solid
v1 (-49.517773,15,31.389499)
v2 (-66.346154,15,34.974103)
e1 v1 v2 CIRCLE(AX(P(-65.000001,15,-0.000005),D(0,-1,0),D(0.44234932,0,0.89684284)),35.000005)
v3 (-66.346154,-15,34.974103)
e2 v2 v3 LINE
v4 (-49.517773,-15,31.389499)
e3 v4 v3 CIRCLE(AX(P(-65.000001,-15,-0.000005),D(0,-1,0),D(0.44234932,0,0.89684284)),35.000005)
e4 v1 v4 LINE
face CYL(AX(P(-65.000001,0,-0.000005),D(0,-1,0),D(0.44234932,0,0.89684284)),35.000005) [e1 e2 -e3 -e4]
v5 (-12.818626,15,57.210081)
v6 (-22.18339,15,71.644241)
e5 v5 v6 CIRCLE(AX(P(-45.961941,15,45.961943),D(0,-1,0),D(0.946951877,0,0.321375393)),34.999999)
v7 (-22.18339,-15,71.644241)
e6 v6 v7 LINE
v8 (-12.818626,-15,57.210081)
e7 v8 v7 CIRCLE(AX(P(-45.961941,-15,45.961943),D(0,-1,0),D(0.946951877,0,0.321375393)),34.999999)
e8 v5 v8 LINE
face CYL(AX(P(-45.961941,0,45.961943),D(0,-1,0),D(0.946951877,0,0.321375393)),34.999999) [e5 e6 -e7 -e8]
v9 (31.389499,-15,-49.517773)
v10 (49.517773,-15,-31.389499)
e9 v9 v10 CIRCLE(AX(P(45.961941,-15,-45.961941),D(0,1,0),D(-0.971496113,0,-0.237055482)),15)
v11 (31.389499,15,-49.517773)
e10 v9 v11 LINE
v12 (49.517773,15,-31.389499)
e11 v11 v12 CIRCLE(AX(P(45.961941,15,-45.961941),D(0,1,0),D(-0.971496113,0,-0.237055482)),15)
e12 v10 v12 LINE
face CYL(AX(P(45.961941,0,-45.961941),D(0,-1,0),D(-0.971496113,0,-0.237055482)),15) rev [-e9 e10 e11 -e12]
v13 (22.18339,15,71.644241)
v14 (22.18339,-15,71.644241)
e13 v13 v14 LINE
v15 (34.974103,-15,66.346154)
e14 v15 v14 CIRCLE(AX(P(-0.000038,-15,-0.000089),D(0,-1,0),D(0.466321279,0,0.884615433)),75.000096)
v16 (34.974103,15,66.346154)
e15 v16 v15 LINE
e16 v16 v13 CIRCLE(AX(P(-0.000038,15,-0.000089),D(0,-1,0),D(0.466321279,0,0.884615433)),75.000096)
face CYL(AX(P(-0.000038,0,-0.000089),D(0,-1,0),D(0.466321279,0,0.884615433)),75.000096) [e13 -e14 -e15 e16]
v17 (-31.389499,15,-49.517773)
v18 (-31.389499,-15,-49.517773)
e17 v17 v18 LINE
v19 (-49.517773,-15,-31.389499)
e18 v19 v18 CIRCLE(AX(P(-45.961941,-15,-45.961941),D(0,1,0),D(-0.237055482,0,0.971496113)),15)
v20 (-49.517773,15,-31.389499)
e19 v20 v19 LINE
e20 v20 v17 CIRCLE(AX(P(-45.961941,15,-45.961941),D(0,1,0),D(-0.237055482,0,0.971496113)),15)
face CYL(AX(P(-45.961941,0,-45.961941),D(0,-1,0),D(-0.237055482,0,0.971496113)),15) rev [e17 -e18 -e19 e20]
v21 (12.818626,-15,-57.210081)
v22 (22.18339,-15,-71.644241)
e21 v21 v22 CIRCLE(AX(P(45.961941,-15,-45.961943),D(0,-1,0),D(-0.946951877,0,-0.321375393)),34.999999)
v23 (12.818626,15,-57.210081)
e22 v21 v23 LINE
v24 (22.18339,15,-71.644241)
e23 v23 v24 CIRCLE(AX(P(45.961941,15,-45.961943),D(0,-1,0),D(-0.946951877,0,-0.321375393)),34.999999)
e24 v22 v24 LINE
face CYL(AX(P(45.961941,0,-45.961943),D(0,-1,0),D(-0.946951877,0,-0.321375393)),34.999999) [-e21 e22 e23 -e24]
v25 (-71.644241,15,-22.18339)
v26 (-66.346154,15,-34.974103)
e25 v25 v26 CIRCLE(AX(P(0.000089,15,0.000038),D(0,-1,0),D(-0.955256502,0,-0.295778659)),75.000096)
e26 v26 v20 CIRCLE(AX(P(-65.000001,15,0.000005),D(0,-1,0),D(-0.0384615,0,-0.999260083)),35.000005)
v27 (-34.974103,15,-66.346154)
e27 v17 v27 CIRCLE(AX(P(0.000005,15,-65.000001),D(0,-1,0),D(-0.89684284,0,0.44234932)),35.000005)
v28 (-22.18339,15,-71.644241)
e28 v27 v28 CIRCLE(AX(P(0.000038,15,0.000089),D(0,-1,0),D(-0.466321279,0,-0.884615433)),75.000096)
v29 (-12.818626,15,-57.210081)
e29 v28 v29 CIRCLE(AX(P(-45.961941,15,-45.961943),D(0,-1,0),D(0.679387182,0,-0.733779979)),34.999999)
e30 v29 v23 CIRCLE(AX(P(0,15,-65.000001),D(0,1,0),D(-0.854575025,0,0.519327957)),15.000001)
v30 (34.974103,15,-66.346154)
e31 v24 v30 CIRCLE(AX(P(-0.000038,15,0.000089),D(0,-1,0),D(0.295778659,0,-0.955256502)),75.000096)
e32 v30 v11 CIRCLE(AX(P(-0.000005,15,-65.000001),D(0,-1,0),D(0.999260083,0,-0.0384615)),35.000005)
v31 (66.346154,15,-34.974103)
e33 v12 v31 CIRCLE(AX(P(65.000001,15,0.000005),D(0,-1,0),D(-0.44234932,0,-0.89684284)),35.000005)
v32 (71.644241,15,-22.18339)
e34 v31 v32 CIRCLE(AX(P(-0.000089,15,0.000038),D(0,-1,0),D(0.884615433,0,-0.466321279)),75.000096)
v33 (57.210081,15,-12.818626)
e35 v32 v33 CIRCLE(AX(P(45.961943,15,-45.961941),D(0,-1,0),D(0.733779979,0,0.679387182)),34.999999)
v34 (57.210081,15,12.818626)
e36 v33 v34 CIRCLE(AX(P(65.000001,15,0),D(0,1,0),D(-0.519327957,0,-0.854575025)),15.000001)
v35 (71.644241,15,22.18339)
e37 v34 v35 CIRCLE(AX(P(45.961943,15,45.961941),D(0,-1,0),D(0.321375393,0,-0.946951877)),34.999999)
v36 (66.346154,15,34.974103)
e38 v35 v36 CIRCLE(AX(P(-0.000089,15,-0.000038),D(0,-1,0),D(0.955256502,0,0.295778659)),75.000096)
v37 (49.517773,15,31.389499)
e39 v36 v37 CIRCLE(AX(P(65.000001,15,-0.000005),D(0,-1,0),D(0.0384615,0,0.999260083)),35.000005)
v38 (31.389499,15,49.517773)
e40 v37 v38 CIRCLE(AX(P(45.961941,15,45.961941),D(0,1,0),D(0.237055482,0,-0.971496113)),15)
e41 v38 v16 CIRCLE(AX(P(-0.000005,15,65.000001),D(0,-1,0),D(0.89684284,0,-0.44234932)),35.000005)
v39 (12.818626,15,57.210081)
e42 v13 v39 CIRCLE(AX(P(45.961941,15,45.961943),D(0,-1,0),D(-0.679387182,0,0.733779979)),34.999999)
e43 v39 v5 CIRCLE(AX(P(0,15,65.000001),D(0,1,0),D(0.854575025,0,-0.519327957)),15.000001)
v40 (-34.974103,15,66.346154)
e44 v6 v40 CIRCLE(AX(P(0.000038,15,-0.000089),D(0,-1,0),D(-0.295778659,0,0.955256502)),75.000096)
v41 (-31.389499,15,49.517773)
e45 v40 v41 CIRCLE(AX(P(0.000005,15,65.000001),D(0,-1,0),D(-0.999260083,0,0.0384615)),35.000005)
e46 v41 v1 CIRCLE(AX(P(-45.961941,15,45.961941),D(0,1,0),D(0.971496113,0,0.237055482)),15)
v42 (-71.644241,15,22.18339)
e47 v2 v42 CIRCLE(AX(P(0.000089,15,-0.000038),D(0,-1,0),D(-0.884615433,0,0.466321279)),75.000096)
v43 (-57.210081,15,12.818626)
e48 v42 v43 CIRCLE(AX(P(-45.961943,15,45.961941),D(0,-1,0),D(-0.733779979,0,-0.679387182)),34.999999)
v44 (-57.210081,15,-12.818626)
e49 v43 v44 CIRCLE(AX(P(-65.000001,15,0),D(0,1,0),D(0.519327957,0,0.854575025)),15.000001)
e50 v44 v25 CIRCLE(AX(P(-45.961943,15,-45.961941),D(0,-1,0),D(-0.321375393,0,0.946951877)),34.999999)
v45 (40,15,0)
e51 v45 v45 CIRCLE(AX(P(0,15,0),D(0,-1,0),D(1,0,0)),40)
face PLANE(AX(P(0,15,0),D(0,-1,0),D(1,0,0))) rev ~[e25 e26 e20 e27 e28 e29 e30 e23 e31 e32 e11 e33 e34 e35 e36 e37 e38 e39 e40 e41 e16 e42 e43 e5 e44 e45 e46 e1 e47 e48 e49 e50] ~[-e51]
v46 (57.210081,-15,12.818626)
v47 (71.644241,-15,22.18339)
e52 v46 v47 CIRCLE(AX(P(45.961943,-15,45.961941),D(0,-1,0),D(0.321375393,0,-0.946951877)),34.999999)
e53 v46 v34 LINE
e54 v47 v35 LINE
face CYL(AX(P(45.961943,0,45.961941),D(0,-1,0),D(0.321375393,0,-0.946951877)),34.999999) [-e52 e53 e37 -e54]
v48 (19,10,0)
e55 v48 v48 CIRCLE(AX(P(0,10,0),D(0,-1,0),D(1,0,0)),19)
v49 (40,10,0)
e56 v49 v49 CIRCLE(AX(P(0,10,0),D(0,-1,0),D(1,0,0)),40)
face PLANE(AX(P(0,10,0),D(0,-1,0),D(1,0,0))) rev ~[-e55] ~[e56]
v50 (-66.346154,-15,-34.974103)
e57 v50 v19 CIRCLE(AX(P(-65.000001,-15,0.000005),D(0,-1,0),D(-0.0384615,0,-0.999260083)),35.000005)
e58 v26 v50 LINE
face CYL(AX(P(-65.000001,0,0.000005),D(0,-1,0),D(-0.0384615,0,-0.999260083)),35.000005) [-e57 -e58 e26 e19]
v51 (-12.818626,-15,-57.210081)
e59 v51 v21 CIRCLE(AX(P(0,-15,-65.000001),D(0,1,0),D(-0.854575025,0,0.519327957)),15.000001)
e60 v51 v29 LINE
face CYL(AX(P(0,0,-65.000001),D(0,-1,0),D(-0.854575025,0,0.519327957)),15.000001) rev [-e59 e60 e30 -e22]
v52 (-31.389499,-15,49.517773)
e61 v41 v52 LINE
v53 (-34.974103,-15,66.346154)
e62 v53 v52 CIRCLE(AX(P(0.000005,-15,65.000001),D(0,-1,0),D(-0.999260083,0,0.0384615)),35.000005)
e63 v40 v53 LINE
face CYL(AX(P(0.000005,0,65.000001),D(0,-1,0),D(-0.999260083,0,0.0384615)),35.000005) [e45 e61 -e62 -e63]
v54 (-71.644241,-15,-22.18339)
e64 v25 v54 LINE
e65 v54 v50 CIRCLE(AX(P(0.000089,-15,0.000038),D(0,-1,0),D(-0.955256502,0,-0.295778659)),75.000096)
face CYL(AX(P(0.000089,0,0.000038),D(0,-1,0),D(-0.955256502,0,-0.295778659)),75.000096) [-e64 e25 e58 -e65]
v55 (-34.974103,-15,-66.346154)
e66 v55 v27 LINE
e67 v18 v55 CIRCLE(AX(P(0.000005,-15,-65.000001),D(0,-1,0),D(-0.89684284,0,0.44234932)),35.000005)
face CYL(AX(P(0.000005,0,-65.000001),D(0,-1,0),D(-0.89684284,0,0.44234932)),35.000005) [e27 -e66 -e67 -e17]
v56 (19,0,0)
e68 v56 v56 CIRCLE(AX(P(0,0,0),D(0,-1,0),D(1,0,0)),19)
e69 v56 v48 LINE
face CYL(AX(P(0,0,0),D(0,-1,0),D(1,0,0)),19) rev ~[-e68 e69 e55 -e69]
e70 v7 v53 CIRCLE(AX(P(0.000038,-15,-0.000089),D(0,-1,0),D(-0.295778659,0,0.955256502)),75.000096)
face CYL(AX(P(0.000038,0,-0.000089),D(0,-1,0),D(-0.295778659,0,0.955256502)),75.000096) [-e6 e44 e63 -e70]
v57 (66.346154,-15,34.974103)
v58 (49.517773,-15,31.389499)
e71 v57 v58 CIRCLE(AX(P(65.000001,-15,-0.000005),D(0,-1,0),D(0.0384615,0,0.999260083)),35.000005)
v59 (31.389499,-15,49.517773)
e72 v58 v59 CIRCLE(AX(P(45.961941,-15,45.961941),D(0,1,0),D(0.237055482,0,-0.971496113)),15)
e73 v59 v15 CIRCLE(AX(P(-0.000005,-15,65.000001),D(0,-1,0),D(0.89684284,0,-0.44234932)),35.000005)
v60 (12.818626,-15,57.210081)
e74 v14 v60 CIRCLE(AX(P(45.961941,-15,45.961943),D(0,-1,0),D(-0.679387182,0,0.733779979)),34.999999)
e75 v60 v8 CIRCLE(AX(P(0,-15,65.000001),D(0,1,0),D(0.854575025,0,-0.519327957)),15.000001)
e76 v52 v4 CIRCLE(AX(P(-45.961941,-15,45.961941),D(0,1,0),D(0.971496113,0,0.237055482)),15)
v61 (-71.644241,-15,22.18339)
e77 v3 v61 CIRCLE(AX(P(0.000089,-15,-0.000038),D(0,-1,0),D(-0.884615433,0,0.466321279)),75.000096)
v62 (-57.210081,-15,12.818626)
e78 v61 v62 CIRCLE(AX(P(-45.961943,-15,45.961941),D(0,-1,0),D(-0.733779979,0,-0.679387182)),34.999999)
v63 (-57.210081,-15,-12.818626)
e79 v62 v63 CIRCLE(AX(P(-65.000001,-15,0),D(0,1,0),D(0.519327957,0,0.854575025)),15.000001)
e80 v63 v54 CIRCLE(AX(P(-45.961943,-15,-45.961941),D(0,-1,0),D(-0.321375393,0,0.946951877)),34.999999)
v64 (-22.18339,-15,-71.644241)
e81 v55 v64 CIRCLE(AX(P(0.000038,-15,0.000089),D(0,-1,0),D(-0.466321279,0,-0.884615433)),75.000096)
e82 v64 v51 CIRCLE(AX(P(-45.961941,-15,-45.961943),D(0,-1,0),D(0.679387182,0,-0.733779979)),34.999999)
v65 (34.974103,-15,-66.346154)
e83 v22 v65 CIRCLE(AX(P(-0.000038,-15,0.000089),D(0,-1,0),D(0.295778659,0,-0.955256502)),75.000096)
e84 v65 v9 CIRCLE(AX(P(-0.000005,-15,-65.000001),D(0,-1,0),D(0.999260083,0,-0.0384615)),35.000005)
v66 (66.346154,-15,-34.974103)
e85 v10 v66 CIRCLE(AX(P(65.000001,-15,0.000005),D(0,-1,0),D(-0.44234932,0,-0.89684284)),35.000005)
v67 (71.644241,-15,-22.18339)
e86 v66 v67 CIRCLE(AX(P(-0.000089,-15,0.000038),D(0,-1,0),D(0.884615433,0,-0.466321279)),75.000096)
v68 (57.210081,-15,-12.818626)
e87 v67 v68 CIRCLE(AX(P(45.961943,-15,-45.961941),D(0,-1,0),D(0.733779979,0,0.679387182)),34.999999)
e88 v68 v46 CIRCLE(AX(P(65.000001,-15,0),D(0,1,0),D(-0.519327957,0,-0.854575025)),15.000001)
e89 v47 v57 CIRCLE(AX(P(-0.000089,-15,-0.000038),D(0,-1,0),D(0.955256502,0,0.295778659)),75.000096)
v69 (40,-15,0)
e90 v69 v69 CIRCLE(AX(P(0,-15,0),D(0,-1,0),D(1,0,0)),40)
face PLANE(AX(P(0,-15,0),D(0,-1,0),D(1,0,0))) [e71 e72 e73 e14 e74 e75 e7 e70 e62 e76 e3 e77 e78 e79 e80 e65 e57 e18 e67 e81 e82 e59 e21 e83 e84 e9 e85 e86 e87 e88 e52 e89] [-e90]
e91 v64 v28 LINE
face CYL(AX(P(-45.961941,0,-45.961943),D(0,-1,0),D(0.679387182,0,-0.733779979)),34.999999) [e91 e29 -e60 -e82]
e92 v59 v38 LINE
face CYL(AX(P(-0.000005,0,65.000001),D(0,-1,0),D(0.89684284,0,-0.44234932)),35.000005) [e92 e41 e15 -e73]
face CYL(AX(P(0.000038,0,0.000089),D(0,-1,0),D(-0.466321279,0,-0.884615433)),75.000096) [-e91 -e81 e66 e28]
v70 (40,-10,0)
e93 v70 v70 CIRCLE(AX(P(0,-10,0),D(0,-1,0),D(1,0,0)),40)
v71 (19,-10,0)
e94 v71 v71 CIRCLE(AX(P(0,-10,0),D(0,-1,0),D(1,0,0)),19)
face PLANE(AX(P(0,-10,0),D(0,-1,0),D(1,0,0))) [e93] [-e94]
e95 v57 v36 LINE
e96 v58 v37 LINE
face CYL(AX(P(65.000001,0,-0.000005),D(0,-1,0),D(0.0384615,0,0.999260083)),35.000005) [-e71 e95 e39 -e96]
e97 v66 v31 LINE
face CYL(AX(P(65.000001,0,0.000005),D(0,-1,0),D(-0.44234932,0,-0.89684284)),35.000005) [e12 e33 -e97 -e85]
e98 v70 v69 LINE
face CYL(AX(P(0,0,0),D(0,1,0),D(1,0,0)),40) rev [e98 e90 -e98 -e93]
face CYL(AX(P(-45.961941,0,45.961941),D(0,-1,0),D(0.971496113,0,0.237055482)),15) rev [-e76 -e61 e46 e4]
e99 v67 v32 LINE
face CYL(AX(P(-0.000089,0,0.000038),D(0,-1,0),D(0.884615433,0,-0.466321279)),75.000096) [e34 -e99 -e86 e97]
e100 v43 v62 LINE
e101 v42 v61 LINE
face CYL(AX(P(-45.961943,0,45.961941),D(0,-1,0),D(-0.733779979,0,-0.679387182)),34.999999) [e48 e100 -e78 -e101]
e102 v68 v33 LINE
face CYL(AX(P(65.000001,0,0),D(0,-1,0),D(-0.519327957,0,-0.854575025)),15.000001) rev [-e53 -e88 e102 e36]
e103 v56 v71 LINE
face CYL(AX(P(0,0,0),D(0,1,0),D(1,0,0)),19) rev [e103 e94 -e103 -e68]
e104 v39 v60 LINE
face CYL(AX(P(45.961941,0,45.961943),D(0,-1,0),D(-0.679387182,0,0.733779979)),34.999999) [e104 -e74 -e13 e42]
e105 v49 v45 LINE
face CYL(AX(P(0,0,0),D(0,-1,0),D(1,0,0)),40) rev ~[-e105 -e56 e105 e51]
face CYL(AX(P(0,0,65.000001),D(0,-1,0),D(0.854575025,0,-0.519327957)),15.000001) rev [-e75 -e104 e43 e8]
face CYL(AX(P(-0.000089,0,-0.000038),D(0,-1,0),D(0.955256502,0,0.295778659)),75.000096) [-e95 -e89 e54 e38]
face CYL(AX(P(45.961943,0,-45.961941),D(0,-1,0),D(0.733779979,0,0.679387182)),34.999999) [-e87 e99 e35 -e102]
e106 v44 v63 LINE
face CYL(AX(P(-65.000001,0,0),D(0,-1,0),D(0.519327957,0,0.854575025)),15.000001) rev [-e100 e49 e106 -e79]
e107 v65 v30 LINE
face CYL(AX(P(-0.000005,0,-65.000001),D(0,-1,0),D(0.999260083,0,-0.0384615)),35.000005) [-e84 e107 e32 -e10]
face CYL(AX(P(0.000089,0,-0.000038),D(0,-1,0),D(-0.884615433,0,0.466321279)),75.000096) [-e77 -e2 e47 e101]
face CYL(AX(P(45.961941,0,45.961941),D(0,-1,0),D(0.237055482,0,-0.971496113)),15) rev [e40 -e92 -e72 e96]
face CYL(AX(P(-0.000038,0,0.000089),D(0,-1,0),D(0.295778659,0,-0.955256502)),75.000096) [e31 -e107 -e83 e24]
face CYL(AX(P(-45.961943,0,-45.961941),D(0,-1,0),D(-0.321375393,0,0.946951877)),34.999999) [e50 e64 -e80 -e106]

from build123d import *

# Parameters (mm, degrees)
F0_R          = 40
F1_DEPTH      = 15
F1_DEPTH_BACK = 15
F2_R          = 40
F2_R_2        = 19
F3_DEPTH      = 10
F3_DEPTH_BACK = 10


with BuildPart() as f1:
    # F0 (on Front) → F1 (new body, two sides)
    with BuildSketch(Plane.XZ) as f1_sk:
        with BuildLine():
            ThreePointArc((31.389499, 49.517773), (34.23201, 57.708259), (34.974103, 66.346154))
            ThreePointArc((34.974103, 66.346154), (28.701257, 69.290965), (22.18339, 71.644241))
            ThreePointArc((22.18339, 71.644241), (16.600215, 65.011588), (12.818626, 57.210081))
            ThreePointArc((12.818626, 57.210081), (0, 50), (-12.818626, 57.210081))
            ThreePointArc((-12.818626, 57.210081), (-16.600215, 65.011588), (-22.18339, 71.644241))
            ThreePointArc((-22.18339, 71.644241), (-28.701257, 69.290965), (-34.974103, 66.346154))
            ThreePointArc((-34.974103, 66.346154), (-34.23201, 57.708259), (-31.389499, 49.517773))
            ThreePointArc((-31.389499, 49.517773), (-35.355339, 35.355339), (-49.517773, 31.389499))
            ThreePointArc((-49.517773, 31.389499), (-57.708259, 34.23201), (-66.346154, 34.974103))
            ThreePointArc((-66.346154, 34.974103), (-69.290965, 28.701257), (-71.644241, 22.18339))
            ThreePointArc((-71.644241, 22.18339), (-65.011588, 16.600215), (-57.210081, 12.818626))
            ThreePointArc((-57.210081, 12.818626), (-50, 0), (-57.210081, -12.818626))
            ThreePointArc((-57.210081, -12.818626), (-65.011588, -16.600215), (-71.644241, -22.18339))
            ThreePointArc((-71.644241, -22.18339), (-69.290965, -28.701257), (-66.346154, -34.974103))
            ThreePointArc((-66.346154, -34.974103), (-57.708259, -34.23201), (-49.517773, -31.389499))
            ThreePointArc((-49.517773, -31.389499), (-35.355339, -35.355339), (-31.389499, -49.517773))
            ThreePointArc((-31.389499, -49.517773), (-34.23201, -57.708259), (-34.974103, -66.346154))
            ThreePointArc((-34.974103, -66.346154), (-28.701257, -69.290965), (-22.18339, -71.644241))
            ThreePointArc((-22.18339, -71.644241), (-16.600215, -65.011588), (-12.818626, -57.210081))
            ThreePointArc((-12.818626, -57.210081), (0, -50), (12.818626, -57.210081))
            ThreePointArc((12.818626, -57.210081), (16.600215, -65.011588), (22.18339, -71.644241))
            ThreePointArc((22.18339, -71.644241), (28.701257, -69.290965), (34.974103, -66.346154))
            ThreePointArc((34.974103, -66.346154), (34.23201, -57.708259), (31.389499, -49.517773))
            ThreePointArc((31.389499, -49.517773), (35.355339, -35.355339), (49.517773, -31.389499))
            ThreePointArc((49.517773, -31.389499), (57.708259, -34.23201), (66.346154, -34.974103))
            ThreePointArc((66.346154, -34.974103), (69.290965, -28.701257), (71.644241, -22.18339))
            ThreePointArc((71.644241, -22.18339), (65.011588, -16.600215), (57.210081, -12.818626))
            ThreePointArc((57.210081, -12.818626), (50, 0), (57.210081, 12.818626))
            ThreePointArc((57.210081, 12.818626), (65.011588, 16.600215), (71.644241, 22.18339))
            ThreePointArc((71.644241, 22.18339), (69.290965, 28.701257), (66.346154, 34.974103))
            ThreePointArc((66.346154, 34.974103), (57.708259, 34.23201), (49.517773, 31.389499))
            ThreePointArc((49.517773, 31.389499), (35.355339, 35.355339), (31.389499, 49.517773))
        make_face()
        Circle(F0_R, mode=Mode.SUBTRACT)
    extrude(amount=F1_DEPTH)
    extrude(f1_sk.sketch, amount=-F1_DEPTH_BACK)

    # F2 (on Front) → F3 (join, two sides)
    with BuildSketch(Plane.XZ) as f3_sk:
        Circle(F2_R)
        Circle(F2_R_2, mode=Mode.SUBTRACT)
    extrude(amount=F3_DEPTH)
    extrude(f3_sk.sketch, amount=-F3_DEPTH_BACK)


solid = f1.part
